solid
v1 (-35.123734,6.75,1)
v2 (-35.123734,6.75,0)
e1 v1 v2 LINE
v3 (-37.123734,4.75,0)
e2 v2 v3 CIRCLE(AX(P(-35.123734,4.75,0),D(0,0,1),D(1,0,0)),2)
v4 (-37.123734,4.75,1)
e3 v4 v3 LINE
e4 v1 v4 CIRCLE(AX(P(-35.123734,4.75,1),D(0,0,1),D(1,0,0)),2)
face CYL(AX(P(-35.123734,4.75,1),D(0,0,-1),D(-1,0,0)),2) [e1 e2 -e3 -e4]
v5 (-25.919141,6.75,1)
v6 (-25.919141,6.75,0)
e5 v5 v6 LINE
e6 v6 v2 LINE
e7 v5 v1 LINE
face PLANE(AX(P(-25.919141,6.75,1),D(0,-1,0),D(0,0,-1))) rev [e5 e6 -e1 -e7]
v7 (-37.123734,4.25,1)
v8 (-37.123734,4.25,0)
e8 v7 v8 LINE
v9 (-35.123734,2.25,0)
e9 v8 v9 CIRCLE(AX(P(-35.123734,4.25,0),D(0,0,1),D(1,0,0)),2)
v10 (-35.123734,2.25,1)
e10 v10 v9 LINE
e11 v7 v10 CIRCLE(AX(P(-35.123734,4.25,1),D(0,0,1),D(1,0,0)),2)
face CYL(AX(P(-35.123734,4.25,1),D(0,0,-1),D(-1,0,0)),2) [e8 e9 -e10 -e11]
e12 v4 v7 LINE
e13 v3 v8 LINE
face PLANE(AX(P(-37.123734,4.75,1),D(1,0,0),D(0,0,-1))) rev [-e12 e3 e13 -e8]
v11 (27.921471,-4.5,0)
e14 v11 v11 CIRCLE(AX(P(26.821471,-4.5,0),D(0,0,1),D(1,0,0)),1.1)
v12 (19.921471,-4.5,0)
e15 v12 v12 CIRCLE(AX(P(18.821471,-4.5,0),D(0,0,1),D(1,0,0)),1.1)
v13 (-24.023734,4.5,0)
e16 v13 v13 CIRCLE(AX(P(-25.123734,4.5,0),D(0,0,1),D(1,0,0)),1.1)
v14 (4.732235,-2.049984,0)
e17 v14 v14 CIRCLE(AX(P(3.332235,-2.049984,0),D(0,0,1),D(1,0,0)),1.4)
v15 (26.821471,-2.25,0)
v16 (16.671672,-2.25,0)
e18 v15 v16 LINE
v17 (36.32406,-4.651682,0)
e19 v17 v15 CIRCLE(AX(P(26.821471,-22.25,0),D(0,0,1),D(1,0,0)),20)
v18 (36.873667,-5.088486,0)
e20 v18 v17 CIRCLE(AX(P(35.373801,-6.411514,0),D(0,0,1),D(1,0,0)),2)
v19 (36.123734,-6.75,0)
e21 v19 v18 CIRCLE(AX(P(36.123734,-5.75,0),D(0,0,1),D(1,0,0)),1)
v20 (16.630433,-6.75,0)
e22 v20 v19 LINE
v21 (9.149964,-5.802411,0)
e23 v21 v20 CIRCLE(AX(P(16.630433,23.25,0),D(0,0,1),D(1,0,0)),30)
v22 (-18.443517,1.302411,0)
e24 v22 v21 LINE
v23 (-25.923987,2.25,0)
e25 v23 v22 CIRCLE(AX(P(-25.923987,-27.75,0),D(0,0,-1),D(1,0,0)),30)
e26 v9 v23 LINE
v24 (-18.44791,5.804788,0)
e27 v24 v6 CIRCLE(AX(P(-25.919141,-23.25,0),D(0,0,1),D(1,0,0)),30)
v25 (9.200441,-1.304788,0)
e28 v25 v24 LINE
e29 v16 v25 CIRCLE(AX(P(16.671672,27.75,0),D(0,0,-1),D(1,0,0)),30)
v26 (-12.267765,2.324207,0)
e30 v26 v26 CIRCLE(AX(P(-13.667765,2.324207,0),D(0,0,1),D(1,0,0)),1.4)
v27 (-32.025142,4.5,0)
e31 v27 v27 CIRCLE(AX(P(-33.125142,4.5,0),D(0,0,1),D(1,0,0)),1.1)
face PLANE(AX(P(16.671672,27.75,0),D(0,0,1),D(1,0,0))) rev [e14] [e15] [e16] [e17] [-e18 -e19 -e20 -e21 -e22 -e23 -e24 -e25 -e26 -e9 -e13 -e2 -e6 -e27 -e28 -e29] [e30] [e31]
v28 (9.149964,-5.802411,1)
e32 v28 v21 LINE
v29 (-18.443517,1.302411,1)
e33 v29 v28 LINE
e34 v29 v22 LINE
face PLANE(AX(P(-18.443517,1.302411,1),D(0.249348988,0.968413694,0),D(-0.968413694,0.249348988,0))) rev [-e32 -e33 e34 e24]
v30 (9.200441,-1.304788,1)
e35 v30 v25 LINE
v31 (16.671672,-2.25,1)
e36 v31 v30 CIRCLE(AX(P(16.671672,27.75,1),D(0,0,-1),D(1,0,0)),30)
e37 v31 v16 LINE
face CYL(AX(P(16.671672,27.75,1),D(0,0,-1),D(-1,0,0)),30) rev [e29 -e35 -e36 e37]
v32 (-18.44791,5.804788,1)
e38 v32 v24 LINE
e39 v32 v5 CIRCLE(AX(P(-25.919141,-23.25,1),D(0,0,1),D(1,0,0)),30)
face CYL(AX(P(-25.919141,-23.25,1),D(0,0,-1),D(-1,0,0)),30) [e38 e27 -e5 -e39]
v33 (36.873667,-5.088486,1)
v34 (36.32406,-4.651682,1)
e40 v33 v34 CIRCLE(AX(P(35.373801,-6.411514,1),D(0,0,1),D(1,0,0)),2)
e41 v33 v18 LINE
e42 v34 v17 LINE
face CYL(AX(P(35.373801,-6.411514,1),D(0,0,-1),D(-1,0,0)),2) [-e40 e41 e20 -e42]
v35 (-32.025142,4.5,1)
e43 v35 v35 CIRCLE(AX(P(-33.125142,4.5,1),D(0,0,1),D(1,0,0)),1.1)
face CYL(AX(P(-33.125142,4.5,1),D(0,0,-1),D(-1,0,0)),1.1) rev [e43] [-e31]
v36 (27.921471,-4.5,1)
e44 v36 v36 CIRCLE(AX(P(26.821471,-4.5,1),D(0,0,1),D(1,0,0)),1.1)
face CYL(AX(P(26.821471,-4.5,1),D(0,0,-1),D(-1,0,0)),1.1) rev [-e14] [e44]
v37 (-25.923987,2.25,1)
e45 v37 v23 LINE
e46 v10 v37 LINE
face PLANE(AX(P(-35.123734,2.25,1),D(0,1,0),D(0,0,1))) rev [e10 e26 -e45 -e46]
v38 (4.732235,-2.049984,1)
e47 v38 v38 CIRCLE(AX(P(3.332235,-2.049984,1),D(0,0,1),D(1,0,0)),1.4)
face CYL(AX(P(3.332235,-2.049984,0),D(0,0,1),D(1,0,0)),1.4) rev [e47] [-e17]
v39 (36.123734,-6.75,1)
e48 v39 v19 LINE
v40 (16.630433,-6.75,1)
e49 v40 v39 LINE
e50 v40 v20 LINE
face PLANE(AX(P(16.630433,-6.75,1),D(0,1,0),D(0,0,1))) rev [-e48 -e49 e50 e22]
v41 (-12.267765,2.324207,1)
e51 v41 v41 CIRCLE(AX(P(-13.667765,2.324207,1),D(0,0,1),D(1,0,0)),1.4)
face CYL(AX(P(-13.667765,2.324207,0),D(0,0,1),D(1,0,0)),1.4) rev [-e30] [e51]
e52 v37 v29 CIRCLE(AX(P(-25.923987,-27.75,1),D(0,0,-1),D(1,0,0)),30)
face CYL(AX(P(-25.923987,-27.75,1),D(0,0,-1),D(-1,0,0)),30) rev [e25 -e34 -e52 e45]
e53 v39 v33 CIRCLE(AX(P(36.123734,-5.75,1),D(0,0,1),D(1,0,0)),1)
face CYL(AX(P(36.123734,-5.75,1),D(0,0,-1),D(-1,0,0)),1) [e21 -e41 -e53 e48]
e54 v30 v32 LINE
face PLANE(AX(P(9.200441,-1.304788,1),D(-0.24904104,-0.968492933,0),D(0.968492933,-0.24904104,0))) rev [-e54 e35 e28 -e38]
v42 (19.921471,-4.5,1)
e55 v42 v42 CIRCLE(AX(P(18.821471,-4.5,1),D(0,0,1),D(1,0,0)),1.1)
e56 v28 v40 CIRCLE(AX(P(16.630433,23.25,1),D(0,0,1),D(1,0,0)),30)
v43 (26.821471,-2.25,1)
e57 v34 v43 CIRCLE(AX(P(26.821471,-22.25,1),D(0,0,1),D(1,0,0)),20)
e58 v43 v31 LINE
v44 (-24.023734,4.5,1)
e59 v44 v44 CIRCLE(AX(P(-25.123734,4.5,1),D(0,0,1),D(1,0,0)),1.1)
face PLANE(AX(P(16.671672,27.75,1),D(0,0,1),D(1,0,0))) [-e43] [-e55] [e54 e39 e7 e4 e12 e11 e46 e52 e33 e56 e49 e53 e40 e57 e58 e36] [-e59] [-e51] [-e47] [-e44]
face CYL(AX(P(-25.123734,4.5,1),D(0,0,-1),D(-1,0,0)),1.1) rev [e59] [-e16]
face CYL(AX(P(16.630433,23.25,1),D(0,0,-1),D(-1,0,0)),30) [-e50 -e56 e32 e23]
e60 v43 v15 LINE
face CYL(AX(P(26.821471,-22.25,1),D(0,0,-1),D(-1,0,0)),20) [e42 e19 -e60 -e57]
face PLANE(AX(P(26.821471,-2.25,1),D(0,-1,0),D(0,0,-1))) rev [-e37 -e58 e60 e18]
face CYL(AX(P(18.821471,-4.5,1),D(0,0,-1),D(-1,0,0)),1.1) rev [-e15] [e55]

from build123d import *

# Parameters (mm, degrees)
SKETCH_2_R          = 1.1
EXTRUDE_1_DEPTH     = 1
SKETCH_4_R          = 1.4
CUT_EXTRUDE_1_DEPTH = 38.745650692


with BuildPart() as part:
    # 草图2 → 凸台-拉伸1 (new body)
    with BuildSketch(Plane.XY):
        with BuildLine():
            Line((9.2004412, -1.304787978), (-18.44790974, 5.804787978))
            ThreePointArc((-18.44790974, 5.804787978), (-22.15374848, 6.512758939), (-25.919140934, 6.75))
            Line((-25.919140934, 6.75), (-35.12373427, 6.75))
            ThreePointArc((-35.12373427, 6.75), (-36.537947832, 6.164213562), (-37.12373427, 4.75))
            Line((-37.12373427, 4.75), (-37.12373427, 4.25))
            ThreePointArc((-37.12373427, 4.25), (-36.537947832, 2.835786438), (-35.12373427, 2.25))
            Line((-35.12373427, 2.25), (-25.92398706, 2.25))
            ThreePointArc((-25.92398706, 2.25), (-22.153862686, 2.012159905), (-18.443517429, 1.302410814))
            Line((-18.443517429, 1.302410814), (9.149963579, -5.802410814))
            ThreePointArc((9.149963579, -5.802410814), (12.860308836, -6.512159905), (16.63043321, -6.75))
            Line((16.63043321, -6.75), (36.12373427, -6.75))
            ThreePointArc((36.12373427, -6.75), (37.035192863, -6.161391824), (36.873667496, -5.088486466))
            ThreePointArc((36.873667496, -5.088486466), (36.618179656, -4.845779883), (36.32405992, -4.651681705))
            ThreePointArc((36.32405992, -4.651681705), (31.722166726, -2.859714212), (26.821471158, -2.25))
            Line((26.821471158, -2.25), (16.671672394, -2.25))
            ThreePointArc((16.671672394, -2.25), (12.90627994, -2.012758939), (9.2004412, -1.304787978))
        make_face()
        with Locations((26.821471158, -4.5)):
            Circle(SKETCH_2_R, mode=Mode.SUBTRACT)
        with Locations((18.821471158, -4.5)):
            Circle(SKETCH_2_R, mode=Mode.SUBTRACT)
        with Locations((-25.12373427, 4.5)):
            Circle(SKETCH_2_R, mode=Mode.SUBTRACT)
        with Locations((-33.125142276, 4.5)):
            Circle(SKETCH_2_R, mode=Mode.SUBTRACT)
    extrude(amount=EXTRUDE_1_DEPTH)

    # 草图4 → 切除-拉伸1 (cut, through all)
    with BuildSketch(Plane.XY.offset(1)):
        with Locations((-13.6677648, 2.324207374)):
            Circle(SKETCH_4_R)
        with Locations((3.3322352, -2.049984423)):
            Circle(SKETCH_4_R)
    extrude(amount=-CUT_EXTRUDE_1_DEPTH, mode=Mode.SUBTRACT)


solid = part.part
